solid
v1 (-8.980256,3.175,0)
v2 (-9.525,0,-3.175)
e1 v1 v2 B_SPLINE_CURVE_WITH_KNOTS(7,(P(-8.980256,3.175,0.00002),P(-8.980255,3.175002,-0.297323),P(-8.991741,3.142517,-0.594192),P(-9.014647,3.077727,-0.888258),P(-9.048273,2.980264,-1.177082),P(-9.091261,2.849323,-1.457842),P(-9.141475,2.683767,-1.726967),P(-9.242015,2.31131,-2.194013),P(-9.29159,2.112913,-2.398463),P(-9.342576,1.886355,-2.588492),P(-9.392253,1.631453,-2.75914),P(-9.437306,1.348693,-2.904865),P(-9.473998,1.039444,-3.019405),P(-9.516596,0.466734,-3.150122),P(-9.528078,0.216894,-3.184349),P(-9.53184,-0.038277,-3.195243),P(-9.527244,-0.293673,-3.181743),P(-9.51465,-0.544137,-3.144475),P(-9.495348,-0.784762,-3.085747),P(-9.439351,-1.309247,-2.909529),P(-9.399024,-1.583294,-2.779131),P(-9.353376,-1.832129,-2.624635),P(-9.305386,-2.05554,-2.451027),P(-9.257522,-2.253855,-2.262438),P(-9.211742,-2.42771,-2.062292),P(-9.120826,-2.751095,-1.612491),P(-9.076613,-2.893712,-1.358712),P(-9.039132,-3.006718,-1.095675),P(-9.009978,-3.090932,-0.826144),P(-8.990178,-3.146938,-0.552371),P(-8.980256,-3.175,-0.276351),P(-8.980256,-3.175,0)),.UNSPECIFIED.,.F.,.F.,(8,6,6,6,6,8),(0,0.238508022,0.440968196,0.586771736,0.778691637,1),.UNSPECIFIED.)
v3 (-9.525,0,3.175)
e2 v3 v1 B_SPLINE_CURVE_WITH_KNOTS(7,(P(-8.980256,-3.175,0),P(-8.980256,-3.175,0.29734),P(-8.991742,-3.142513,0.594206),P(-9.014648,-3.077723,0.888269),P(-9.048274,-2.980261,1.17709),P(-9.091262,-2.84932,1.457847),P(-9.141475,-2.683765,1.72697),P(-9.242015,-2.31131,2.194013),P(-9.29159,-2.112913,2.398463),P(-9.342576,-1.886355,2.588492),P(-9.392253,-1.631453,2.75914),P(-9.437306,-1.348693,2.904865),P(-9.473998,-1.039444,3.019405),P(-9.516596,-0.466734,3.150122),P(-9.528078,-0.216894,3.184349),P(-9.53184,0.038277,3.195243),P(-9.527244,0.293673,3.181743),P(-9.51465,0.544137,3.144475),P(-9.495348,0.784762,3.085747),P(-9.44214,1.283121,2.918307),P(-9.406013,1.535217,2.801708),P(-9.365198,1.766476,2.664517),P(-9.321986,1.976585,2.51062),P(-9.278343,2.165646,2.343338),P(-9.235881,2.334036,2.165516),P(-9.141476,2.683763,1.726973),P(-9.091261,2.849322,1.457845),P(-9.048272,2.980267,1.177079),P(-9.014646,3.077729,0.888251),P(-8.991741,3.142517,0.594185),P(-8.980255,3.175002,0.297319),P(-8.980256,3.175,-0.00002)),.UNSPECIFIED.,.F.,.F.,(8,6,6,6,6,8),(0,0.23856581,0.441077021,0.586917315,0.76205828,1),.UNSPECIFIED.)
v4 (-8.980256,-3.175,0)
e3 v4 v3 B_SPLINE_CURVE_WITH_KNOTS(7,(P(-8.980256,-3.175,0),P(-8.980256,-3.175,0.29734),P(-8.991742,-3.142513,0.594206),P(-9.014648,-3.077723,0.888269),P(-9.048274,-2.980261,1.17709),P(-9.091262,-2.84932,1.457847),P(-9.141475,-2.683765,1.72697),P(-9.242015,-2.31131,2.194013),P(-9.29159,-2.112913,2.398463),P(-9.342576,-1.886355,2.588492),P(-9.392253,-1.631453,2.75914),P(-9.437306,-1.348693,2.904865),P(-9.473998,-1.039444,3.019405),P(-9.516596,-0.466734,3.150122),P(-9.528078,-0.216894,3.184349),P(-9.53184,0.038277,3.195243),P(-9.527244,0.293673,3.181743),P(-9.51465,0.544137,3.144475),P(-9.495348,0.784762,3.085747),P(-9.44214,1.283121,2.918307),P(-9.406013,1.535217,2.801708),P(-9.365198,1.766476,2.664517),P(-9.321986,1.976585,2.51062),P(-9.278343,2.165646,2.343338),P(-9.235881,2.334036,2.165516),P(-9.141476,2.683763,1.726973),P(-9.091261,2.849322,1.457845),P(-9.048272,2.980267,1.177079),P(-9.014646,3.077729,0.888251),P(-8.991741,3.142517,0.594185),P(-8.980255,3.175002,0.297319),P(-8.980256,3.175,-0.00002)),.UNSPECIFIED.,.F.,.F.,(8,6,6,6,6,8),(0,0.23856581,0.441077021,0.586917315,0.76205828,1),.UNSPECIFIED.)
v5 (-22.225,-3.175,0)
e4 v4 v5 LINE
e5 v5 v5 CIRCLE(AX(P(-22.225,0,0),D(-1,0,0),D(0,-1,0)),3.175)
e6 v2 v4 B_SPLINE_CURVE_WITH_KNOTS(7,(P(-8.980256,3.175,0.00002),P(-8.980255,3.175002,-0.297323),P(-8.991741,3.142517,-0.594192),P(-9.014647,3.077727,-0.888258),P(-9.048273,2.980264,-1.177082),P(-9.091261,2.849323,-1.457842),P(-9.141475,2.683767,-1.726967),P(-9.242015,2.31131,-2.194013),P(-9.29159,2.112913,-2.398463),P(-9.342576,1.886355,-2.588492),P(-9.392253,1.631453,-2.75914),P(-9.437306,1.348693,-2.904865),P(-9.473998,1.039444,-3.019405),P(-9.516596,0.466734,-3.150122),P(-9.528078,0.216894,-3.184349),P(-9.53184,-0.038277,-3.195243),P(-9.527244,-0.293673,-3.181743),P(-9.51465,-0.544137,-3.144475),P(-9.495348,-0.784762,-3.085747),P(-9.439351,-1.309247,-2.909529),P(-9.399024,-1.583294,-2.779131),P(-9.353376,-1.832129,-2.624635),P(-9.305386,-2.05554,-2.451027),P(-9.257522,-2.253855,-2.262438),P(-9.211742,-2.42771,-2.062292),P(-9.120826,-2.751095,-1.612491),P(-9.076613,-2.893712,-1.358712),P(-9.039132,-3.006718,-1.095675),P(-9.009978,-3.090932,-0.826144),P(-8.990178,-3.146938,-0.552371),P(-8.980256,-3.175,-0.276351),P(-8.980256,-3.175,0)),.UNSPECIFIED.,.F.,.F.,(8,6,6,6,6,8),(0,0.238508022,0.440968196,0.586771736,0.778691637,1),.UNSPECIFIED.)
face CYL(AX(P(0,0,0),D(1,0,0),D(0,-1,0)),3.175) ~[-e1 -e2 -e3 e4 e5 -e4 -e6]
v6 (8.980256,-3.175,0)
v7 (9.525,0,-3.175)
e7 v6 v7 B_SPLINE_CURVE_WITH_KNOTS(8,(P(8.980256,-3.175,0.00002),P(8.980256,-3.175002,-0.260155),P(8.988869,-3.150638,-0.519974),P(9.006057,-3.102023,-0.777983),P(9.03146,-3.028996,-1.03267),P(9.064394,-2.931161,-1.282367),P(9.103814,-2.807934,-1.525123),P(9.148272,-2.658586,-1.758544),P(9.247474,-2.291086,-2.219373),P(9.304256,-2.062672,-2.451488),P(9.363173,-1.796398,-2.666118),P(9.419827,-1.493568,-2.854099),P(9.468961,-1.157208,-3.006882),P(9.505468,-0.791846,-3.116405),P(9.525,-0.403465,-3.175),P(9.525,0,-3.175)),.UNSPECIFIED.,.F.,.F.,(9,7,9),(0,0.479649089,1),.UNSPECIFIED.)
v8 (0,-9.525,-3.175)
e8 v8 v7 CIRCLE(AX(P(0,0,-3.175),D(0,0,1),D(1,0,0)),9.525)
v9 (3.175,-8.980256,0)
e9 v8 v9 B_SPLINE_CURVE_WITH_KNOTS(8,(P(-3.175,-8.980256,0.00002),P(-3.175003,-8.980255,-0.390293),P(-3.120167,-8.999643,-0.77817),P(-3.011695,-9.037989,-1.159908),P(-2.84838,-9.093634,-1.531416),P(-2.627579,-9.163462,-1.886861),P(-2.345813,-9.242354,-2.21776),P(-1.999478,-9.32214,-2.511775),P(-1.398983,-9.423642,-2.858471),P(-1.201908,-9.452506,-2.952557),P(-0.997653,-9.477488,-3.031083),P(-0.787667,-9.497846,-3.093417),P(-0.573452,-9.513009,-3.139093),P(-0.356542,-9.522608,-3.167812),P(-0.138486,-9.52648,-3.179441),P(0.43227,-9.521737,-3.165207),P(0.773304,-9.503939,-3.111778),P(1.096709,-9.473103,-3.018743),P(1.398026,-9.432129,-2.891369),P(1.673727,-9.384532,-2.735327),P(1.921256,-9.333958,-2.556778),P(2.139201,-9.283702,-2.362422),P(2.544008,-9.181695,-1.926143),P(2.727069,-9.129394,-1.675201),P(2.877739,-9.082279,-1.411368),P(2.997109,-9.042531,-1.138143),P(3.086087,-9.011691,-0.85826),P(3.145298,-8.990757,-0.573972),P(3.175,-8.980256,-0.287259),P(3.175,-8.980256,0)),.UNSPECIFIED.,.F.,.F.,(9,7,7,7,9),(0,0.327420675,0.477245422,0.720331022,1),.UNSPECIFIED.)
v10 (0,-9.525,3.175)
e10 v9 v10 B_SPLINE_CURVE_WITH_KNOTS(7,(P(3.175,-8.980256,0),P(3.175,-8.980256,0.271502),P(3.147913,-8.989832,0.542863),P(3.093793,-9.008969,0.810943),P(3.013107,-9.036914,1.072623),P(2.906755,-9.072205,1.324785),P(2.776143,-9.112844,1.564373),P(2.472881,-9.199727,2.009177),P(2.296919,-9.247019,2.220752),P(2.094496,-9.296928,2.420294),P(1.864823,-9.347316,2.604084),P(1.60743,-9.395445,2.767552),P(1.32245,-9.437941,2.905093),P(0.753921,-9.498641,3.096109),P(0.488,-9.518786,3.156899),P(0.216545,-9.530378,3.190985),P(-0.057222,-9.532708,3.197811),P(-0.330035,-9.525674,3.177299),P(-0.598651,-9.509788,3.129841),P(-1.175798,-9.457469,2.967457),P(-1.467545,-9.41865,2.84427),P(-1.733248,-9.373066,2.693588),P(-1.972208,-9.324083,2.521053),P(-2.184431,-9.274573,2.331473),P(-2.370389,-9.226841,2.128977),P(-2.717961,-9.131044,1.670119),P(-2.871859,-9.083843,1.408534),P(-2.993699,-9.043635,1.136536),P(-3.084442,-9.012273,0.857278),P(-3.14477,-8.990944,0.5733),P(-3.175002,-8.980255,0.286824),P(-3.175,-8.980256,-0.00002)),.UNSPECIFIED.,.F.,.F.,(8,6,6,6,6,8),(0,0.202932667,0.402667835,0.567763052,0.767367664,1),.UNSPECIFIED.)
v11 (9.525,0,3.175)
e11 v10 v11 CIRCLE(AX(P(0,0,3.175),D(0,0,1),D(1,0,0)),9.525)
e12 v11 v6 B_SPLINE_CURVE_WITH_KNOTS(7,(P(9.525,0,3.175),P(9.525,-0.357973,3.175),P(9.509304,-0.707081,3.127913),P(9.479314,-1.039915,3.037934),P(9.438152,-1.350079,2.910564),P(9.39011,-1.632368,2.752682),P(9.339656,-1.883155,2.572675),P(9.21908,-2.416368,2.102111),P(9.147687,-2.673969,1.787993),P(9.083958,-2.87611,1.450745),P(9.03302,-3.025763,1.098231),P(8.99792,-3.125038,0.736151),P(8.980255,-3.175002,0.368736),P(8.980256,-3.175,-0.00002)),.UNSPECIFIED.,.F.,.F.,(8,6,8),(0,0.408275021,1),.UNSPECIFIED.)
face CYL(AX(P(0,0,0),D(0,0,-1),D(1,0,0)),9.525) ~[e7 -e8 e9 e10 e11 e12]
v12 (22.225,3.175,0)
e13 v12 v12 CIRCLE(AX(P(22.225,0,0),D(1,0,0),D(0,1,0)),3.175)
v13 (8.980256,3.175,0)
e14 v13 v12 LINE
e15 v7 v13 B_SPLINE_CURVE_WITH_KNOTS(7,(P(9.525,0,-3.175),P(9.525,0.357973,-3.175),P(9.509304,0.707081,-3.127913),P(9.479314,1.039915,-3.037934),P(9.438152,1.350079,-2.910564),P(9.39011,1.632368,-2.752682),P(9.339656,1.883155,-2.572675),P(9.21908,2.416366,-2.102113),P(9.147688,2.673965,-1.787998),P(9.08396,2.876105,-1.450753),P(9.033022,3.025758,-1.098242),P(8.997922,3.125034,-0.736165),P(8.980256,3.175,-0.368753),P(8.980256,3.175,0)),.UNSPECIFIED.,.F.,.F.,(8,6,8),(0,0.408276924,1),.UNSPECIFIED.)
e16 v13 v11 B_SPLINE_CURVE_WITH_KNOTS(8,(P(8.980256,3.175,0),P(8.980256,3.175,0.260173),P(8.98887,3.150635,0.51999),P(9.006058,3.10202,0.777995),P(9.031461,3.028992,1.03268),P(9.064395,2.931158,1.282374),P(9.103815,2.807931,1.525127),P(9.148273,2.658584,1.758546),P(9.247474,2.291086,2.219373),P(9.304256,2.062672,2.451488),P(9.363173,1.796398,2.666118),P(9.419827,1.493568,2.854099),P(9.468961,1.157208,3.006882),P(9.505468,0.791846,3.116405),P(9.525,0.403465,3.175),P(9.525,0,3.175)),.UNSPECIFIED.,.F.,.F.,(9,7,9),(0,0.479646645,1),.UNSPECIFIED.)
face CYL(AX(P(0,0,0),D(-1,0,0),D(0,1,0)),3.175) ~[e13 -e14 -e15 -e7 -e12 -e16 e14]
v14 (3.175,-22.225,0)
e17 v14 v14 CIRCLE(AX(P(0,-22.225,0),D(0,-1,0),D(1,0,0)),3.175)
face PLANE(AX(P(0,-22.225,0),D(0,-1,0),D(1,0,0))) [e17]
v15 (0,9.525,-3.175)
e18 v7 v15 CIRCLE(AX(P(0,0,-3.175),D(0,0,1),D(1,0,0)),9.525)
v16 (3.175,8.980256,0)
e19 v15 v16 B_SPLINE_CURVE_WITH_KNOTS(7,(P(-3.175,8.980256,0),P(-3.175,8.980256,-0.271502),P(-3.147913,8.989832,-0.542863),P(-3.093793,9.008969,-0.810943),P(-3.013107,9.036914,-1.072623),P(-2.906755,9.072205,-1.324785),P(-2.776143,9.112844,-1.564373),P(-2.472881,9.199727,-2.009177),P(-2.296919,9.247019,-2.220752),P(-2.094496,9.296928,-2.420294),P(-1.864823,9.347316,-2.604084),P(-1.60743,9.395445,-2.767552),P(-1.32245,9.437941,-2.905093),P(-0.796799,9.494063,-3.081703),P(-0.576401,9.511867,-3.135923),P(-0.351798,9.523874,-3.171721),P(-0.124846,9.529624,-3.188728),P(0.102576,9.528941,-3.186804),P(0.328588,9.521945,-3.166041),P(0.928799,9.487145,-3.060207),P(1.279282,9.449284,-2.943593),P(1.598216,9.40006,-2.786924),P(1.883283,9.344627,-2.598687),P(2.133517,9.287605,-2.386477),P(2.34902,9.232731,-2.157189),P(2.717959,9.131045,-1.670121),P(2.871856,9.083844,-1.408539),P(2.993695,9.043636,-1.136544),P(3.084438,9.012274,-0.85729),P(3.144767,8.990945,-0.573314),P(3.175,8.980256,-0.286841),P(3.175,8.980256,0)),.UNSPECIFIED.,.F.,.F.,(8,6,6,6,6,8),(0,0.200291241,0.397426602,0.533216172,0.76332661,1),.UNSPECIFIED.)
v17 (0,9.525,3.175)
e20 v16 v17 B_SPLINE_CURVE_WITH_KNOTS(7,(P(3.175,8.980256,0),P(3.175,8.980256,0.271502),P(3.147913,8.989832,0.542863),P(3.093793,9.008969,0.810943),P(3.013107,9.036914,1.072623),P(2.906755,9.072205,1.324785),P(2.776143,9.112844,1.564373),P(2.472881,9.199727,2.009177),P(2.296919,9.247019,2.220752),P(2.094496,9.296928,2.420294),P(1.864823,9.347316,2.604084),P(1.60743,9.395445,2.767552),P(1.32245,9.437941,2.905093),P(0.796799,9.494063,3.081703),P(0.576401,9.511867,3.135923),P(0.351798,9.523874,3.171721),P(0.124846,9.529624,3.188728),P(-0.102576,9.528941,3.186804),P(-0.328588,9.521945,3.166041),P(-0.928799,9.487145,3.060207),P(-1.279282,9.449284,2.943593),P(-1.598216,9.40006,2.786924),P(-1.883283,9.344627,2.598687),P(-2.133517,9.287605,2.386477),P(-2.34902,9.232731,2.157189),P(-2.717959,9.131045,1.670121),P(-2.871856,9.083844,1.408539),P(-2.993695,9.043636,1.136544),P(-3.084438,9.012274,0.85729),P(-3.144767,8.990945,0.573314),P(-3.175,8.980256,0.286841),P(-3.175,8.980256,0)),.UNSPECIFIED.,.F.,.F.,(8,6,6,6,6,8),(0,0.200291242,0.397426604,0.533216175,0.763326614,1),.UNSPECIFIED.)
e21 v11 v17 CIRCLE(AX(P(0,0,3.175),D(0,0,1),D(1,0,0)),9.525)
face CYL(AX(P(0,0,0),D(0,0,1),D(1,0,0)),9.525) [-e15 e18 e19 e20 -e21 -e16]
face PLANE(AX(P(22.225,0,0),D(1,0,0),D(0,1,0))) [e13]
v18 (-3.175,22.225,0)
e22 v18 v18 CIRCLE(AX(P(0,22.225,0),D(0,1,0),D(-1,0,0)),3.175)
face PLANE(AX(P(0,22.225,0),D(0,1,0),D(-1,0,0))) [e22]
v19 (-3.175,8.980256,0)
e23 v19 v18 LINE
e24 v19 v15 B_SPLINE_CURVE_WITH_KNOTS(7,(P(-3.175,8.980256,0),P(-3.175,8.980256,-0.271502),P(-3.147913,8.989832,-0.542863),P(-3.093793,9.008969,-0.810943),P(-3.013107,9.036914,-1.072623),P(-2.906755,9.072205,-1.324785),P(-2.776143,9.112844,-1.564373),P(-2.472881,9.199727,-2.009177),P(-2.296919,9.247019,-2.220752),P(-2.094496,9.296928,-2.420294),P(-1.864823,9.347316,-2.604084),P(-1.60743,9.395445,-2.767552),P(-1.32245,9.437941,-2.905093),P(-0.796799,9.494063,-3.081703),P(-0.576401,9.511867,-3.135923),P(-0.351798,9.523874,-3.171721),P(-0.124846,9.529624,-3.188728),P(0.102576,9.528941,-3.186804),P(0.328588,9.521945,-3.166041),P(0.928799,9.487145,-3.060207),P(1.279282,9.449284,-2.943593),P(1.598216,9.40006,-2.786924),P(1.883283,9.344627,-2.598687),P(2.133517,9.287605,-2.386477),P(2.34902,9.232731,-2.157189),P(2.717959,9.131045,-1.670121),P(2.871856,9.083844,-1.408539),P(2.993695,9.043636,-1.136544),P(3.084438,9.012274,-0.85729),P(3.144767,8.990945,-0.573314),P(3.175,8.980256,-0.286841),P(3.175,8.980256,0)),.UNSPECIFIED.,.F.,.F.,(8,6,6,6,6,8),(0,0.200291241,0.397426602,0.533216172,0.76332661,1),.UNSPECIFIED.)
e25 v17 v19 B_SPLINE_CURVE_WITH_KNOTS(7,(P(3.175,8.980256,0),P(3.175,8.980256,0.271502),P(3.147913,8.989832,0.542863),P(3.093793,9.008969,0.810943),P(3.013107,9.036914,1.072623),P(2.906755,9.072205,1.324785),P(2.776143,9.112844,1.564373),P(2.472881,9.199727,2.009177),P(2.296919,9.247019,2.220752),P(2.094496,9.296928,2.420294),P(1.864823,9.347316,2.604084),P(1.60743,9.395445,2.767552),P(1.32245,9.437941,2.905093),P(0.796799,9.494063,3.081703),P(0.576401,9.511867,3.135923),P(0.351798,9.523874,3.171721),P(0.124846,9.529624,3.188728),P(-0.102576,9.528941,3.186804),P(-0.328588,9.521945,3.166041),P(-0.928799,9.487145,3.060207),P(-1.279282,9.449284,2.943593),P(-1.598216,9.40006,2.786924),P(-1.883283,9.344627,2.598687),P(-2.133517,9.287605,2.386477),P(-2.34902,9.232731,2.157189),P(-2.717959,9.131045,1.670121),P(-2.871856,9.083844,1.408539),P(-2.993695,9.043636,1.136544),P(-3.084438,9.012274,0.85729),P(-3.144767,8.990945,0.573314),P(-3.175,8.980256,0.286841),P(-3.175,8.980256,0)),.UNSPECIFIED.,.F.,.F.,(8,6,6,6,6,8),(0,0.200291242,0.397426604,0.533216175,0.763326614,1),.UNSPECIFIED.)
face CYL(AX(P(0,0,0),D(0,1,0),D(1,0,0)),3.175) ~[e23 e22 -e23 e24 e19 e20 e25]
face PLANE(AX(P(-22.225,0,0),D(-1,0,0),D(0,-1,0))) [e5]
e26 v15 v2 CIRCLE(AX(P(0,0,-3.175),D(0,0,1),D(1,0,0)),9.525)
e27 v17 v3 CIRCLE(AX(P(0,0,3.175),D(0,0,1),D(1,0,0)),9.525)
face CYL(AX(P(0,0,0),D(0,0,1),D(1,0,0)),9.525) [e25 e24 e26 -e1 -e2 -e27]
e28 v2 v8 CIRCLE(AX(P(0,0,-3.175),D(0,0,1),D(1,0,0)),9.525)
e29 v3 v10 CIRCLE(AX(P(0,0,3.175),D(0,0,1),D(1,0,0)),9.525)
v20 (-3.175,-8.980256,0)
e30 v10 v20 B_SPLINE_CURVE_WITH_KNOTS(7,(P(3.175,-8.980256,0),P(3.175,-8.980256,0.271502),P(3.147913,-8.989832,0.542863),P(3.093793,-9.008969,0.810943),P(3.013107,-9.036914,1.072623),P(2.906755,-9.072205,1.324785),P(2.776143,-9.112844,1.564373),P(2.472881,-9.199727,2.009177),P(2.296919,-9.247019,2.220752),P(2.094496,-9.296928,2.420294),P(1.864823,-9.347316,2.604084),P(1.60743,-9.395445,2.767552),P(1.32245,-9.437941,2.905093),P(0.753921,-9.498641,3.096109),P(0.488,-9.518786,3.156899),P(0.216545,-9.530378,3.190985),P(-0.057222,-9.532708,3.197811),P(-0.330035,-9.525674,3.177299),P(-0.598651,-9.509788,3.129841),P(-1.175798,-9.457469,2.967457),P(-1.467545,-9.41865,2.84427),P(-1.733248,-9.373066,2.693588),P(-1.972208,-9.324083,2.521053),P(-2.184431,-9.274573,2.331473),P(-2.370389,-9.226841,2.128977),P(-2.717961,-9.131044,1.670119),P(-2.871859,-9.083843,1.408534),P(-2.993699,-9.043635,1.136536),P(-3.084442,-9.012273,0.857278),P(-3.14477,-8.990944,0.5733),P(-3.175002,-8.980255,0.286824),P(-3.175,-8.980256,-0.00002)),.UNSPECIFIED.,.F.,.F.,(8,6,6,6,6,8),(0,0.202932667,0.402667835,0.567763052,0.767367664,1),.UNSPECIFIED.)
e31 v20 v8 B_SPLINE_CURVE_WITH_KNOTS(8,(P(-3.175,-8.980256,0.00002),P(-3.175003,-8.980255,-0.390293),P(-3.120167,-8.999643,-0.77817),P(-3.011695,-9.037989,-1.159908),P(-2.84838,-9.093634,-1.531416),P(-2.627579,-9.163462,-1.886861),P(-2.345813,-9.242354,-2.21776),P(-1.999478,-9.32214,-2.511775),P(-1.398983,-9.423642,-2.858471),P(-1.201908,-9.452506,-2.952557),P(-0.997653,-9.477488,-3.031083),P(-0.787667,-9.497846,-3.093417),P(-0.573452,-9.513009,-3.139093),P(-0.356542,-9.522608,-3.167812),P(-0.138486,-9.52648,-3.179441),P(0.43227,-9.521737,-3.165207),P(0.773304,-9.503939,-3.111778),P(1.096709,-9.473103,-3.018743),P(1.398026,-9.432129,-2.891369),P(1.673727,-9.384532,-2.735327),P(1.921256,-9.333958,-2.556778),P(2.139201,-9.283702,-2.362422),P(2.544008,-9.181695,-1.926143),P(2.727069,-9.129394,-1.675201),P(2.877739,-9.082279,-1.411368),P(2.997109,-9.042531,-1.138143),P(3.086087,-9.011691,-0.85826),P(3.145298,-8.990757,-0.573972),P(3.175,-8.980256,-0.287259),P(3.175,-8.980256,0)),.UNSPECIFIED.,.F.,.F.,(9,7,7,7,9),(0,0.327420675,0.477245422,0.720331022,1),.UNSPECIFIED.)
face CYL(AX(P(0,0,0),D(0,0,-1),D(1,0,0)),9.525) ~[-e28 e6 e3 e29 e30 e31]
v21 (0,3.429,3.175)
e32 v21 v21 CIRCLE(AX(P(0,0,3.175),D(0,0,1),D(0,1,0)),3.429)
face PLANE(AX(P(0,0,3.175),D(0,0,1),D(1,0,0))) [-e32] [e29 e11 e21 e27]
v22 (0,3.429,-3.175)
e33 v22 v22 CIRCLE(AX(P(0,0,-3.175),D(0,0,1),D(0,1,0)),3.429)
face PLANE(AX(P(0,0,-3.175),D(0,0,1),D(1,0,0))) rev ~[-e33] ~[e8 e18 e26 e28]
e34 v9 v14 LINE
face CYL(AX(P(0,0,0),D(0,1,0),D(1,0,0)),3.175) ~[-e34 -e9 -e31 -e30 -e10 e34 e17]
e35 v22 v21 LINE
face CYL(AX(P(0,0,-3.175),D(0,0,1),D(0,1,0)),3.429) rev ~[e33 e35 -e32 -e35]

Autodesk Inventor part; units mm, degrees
ref_plane "YZ Plane" through (0, 0, 0) normal (1, 0, 0) x (0, 1, 0)
ref_plane "XZ Plane" through (0, 0, 0) normal (0, 1, 0) x (-1, 0, 0)
sketch "Sketch1" plane through (0, 0, 0) normal (0, 1, 0) x (-1, 0, 0)
  circle A0 centre (0, 0) radius 3.175
  dimension "d0" = 6.35
extrude "Extrusion1" add sketch "Sketch1" along normal blind 22.225
pattern_circular "Circular Pattern1" count 4 over 360 about axis through (0, 0, -10) along (0, 0, 1) of "Extrusion1"
sketch "Sketch2" plane through (0, 0, 0) normal (0, 0, 1) x (1, 0, 0)
  line L0 (0, 0) -> (3.175, -3.175) projected
  circle A0 centre (0, 0) radius 9.525
  dimension "d6" = 19.05
extrude "Extrusion2" add sketch "Sketch2" along normal mid plane 6.35
sketch "Sketch3" plane through (0, 0, -3.175) normal (0, 0, -1) x (-1, 0, 0)
  point P0 (0, 0)
  point P1 (0, 0)
hole "Hole1" at (0, 0, -3.175) direction (0, 0, 1) diameter 6.858 depth 25.4 tip angle 118
sketch "Sketch4" plane through (0, 0, -3.175) normal (0, 0, -1) x (-1, 0, 0)
  line L0 (-3.175, 8.9803) -> (-3.175, 22.225) projected
  line L1 (-22.225, 3.175) -> (-8.9803, 3.175) projected
  arc A0 (0, 9.525) -> (-9.525, 0) centre (0, 0) ccw projected
  line L2 (-10.2954, 3.175) -> (-3.175, 10.2954)
  point P0 (0, 0)
  dimension "d16" = 45
ref_plane "Work Plane1" through (10.2954, 3.175, -3.175) normal (0.7071, 0.7071, 0) x (-0.7071, 0.7071, 0)
sketch "Sketch5" plane through (10.2954, 3.175, -3.175) normal (0.7071, 0.7071, 0) x (-0.7071, 0.7071, 0)
  point P0 (5.0349, 3.175)
  point P1 (5.0349, 3.175)
properties part number "SweeperHub"
